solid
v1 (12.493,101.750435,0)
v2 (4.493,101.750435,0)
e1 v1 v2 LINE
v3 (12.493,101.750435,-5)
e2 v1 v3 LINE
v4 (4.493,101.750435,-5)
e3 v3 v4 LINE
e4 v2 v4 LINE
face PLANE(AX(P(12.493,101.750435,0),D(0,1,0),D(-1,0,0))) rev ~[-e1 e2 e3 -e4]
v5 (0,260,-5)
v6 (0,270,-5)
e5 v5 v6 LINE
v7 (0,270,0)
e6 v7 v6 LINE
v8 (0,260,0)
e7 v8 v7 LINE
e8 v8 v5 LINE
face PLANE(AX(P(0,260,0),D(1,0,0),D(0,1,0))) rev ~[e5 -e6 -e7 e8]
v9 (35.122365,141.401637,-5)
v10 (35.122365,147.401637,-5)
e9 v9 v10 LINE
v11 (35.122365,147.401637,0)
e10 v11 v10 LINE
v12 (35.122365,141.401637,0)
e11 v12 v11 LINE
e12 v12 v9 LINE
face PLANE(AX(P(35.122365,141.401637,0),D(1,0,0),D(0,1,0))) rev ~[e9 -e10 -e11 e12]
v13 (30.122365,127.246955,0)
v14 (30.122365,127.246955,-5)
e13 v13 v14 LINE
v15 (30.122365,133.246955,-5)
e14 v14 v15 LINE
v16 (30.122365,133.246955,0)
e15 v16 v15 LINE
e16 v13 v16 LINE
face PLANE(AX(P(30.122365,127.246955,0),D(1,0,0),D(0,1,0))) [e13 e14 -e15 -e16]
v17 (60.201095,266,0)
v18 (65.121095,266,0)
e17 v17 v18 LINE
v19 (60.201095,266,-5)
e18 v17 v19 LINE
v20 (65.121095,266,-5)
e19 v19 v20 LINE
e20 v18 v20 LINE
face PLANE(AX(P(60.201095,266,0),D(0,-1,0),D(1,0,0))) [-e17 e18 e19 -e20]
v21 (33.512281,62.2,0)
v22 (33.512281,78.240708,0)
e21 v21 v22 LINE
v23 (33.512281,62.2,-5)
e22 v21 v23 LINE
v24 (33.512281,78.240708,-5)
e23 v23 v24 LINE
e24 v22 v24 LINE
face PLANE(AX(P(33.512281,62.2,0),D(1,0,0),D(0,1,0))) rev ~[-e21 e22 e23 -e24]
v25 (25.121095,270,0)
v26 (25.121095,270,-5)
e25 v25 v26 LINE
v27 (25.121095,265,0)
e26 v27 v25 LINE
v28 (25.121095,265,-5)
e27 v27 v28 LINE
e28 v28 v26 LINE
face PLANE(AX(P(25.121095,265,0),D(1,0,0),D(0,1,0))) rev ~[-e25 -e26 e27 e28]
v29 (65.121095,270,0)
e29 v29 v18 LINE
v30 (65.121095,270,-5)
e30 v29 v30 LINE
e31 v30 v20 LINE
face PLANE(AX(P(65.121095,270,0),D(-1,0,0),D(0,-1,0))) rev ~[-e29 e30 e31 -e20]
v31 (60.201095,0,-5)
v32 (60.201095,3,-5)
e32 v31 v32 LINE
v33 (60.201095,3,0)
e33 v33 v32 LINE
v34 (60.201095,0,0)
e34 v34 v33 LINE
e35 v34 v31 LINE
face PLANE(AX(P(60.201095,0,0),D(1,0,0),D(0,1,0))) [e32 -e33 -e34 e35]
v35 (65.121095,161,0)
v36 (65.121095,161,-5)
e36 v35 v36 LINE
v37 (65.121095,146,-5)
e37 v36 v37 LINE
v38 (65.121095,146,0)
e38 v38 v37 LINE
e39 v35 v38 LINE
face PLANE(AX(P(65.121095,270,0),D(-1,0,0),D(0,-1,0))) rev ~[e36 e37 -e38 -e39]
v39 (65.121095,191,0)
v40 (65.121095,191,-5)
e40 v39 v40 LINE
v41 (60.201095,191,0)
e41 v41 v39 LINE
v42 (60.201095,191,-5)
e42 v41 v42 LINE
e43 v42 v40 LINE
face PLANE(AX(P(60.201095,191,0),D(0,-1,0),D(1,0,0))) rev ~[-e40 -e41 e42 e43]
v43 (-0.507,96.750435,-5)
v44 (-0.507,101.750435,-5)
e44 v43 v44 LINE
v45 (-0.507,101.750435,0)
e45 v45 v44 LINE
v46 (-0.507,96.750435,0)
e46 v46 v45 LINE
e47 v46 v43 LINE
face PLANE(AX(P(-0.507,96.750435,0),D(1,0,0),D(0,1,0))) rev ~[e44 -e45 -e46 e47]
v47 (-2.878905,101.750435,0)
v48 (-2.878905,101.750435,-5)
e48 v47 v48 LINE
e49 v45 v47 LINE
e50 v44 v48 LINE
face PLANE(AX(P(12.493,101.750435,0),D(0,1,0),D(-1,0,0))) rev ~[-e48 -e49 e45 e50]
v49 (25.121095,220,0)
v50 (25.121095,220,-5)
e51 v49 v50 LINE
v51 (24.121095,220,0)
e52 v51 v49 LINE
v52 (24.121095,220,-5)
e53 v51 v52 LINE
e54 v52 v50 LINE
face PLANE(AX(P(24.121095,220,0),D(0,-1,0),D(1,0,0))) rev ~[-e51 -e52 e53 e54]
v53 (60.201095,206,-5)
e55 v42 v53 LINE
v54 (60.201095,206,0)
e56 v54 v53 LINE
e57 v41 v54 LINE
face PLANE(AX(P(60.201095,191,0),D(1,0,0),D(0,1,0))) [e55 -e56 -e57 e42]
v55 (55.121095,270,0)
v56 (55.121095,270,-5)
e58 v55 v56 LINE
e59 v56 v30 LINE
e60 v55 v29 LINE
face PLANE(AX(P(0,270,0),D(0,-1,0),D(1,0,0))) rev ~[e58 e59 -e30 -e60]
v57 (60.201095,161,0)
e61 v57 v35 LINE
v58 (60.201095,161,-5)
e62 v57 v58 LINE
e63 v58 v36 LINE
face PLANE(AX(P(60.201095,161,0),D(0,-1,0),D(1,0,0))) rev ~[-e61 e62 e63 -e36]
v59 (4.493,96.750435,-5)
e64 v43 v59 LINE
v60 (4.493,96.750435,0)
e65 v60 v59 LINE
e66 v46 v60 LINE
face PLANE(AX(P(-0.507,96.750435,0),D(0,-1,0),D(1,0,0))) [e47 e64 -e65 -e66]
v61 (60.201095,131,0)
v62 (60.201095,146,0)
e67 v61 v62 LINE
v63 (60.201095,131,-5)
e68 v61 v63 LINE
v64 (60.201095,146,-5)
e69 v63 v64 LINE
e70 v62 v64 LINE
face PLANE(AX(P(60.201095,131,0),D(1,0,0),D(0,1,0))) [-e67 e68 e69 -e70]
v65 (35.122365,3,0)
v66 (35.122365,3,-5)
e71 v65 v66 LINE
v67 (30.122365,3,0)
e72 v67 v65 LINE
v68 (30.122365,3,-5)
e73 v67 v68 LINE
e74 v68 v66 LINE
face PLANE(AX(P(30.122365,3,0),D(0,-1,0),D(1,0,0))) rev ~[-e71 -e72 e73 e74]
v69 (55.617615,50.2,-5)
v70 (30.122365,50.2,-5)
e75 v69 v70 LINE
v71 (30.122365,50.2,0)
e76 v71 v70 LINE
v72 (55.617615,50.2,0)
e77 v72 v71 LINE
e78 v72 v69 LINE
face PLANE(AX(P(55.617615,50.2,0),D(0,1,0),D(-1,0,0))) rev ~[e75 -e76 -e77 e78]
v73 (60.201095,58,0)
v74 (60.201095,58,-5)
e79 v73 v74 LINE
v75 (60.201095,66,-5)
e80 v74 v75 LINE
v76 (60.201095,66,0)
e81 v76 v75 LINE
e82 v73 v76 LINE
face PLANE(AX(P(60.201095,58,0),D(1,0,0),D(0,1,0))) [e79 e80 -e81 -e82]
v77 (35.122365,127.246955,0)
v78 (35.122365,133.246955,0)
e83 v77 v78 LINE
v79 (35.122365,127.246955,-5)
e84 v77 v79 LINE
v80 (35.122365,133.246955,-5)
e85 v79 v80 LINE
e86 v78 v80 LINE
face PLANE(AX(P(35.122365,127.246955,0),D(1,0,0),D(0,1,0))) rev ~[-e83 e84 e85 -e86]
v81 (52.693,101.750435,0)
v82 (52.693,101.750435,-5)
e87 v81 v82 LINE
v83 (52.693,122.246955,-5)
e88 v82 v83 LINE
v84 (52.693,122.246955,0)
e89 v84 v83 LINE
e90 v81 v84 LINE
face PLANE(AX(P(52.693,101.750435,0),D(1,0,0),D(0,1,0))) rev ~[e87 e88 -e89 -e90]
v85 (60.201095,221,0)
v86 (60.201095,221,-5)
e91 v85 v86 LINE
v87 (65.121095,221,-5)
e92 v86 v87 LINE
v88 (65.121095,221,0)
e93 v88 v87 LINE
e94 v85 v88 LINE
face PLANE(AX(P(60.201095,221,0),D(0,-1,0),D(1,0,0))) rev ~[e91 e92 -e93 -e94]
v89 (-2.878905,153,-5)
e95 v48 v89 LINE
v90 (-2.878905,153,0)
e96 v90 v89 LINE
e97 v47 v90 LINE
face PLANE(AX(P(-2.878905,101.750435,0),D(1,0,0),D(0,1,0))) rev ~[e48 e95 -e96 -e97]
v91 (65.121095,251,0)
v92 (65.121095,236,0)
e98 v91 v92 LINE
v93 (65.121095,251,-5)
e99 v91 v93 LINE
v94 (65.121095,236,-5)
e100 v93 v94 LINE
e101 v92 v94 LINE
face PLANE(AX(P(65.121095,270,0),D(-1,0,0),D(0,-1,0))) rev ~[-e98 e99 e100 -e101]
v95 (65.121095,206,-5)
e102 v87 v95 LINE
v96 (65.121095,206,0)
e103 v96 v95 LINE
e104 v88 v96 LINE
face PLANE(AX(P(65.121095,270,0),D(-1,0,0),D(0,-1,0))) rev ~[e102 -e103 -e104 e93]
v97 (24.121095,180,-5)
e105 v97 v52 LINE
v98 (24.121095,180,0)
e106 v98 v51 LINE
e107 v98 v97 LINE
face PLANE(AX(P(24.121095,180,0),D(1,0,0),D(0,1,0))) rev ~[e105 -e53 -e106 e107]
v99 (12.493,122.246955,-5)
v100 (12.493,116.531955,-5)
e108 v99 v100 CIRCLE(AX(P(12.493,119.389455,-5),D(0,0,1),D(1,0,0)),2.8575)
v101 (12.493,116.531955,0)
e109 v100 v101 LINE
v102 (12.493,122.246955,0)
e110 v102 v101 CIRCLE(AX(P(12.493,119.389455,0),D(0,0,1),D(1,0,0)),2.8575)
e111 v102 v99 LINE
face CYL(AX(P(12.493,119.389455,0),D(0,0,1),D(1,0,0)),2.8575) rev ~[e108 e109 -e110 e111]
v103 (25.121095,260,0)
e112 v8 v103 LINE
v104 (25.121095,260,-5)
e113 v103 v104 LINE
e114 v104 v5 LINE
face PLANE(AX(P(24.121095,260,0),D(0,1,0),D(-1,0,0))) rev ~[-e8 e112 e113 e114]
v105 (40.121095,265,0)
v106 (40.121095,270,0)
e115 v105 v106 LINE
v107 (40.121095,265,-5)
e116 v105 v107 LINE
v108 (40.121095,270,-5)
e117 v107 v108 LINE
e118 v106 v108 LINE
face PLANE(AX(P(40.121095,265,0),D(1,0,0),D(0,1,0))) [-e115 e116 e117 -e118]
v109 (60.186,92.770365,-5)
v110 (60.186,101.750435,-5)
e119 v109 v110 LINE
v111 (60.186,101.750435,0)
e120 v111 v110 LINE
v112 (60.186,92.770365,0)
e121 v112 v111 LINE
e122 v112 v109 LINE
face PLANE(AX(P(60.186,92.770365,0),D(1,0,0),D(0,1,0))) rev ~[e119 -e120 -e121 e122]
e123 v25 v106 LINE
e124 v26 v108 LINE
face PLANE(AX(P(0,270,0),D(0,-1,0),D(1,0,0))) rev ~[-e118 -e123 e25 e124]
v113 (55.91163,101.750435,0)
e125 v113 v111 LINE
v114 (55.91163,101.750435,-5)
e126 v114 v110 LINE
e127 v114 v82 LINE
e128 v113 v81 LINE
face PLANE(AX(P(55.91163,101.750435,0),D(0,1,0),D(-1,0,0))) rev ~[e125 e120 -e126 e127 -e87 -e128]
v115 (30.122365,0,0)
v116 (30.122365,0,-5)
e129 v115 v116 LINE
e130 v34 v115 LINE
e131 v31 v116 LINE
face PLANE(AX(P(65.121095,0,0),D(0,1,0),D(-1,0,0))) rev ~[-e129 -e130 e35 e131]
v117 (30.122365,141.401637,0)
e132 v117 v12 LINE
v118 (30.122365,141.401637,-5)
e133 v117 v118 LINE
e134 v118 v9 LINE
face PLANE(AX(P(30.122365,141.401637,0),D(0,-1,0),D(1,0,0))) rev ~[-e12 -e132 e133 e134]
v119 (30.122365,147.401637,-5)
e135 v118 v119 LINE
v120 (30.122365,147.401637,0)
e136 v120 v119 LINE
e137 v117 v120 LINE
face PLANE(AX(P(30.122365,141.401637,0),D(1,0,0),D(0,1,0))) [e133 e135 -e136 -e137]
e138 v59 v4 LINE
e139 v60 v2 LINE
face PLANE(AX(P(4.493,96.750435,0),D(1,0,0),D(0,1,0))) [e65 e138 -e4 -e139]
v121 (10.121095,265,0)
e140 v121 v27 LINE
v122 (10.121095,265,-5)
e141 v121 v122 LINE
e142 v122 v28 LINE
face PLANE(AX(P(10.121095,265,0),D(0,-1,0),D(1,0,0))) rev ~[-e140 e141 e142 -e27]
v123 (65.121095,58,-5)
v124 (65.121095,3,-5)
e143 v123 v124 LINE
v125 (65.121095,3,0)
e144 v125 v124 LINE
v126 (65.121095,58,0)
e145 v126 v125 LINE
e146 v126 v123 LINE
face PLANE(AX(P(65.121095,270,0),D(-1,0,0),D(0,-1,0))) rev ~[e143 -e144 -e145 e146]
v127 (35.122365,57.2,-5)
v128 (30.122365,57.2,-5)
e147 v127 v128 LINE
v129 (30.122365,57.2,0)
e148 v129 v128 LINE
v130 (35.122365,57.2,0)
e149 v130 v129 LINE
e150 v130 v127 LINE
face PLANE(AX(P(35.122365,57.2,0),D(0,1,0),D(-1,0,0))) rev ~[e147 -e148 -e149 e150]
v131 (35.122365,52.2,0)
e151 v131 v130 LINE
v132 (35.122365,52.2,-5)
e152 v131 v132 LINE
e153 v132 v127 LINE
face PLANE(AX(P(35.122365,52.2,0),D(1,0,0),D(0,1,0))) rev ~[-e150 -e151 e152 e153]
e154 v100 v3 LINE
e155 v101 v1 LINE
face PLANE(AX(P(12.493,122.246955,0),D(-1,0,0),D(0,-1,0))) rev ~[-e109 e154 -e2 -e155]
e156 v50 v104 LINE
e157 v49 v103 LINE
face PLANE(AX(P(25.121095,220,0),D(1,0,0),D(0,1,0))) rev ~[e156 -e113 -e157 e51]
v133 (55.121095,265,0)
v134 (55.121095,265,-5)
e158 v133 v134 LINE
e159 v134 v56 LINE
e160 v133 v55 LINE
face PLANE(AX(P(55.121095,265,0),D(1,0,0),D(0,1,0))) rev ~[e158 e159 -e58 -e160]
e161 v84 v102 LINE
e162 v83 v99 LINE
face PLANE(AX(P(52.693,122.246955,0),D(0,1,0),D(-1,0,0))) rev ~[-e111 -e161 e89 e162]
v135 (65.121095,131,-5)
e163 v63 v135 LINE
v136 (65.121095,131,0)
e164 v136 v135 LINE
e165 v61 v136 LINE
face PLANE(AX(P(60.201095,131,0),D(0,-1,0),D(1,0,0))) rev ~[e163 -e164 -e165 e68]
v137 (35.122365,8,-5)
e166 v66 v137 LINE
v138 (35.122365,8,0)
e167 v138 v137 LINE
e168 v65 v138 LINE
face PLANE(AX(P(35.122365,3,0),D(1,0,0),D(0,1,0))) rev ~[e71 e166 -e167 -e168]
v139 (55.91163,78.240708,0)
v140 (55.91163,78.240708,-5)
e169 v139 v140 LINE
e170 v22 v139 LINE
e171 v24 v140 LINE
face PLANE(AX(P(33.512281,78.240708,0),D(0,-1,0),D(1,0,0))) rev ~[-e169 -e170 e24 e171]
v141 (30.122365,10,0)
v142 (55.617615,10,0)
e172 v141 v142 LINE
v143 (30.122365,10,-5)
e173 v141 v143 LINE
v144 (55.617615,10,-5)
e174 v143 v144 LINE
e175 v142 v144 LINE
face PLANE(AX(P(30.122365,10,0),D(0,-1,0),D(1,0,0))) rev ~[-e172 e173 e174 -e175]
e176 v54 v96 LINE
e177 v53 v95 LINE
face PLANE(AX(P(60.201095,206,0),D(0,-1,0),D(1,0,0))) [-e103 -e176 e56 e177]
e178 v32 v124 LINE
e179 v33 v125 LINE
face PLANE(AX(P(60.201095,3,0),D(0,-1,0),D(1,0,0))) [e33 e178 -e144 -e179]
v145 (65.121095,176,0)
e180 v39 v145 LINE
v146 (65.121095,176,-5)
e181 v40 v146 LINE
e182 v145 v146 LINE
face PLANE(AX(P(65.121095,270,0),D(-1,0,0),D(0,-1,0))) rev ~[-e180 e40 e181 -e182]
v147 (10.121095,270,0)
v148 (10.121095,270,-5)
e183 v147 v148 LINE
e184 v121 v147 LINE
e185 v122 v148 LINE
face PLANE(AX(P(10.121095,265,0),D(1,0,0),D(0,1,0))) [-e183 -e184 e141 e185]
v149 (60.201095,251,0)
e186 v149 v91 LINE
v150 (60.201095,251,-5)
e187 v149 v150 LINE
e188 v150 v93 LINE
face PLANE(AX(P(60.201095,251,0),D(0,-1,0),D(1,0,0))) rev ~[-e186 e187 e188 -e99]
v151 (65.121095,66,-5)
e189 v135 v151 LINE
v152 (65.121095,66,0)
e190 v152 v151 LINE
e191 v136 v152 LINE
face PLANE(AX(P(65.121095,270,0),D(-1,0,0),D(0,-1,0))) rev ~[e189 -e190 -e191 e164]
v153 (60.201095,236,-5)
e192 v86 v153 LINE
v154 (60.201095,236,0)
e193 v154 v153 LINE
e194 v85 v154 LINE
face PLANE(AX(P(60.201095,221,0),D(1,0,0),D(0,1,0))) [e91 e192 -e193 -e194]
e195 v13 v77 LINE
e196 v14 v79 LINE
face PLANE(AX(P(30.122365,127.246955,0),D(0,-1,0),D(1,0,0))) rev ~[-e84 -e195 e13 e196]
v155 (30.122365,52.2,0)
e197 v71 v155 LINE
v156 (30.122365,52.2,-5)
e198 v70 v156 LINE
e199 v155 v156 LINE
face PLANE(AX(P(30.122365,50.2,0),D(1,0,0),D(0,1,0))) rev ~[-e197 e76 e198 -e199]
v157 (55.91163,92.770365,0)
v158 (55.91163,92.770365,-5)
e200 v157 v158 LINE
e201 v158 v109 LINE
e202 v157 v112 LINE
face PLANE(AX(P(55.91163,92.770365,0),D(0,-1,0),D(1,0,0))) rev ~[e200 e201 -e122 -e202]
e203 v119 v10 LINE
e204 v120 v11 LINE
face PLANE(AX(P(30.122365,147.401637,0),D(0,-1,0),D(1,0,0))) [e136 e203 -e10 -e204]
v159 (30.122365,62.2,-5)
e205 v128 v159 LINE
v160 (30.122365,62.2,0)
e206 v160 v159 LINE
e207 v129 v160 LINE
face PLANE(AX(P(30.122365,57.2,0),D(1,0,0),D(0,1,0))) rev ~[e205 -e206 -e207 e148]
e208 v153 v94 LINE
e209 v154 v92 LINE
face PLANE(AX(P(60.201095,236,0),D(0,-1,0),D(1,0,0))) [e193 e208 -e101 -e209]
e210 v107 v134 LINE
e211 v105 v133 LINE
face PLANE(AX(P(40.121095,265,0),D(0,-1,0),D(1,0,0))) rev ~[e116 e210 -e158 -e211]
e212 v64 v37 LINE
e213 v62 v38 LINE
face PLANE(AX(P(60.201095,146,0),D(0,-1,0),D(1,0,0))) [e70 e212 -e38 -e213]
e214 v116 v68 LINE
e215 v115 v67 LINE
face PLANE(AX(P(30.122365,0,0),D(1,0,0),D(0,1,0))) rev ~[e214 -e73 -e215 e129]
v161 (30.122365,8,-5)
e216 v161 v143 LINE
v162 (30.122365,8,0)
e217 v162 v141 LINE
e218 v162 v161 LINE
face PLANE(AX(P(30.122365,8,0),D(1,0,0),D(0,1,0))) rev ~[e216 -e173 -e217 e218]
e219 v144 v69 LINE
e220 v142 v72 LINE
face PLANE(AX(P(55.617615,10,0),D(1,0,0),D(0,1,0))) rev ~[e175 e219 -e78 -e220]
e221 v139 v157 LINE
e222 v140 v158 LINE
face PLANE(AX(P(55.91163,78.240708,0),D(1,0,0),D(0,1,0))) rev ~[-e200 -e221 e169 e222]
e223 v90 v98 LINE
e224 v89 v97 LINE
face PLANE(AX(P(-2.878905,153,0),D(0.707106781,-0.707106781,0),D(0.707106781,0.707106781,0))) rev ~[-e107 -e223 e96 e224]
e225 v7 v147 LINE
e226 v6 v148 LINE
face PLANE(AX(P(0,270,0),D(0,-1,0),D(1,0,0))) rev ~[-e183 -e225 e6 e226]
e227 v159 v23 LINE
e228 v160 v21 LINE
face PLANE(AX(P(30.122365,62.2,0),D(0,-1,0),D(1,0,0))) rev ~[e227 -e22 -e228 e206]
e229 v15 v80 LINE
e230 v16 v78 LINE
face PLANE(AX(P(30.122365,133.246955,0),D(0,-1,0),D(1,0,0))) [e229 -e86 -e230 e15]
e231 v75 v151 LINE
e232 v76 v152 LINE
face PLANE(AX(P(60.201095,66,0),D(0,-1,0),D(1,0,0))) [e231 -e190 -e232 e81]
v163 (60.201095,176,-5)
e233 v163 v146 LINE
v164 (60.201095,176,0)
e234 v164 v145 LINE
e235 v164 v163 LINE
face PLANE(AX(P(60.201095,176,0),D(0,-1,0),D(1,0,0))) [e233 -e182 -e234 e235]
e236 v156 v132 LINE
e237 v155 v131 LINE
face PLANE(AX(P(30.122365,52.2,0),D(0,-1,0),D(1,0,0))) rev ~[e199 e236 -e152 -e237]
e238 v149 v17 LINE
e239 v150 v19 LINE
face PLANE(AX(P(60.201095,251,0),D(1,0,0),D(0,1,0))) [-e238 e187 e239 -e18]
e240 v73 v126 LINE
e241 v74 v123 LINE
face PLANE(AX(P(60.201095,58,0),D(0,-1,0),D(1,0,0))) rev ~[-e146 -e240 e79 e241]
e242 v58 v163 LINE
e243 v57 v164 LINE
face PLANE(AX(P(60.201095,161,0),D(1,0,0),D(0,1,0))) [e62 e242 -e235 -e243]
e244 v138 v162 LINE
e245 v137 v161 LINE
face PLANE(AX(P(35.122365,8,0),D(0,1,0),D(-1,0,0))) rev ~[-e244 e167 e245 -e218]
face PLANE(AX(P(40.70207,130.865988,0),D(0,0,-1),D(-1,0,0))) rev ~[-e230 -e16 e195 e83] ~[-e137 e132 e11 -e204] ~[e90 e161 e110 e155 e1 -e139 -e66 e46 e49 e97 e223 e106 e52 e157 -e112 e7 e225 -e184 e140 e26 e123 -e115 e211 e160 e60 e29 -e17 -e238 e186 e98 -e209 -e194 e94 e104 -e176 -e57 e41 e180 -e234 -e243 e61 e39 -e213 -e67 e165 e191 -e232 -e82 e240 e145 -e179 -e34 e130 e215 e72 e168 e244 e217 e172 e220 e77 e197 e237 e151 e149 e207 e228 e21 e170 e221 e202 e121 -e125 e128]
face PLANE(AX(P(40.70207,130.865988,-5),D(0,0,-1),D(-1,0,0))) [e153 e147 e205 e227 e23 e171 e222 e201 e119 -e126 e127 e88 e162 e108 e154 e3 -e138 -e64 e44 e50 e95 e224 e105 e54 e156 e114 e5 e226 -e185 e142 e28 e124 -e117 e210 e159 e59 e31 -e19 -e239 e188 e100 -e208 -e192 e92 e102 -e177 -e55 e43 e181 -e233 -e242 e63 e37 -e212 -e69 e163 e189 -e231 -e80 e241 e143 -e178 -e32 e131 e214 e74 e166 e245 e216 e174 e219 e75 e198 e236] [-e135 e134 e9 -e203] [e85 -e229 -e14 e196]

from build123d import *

# Parameters (mm, degrees)
BOSS_EXTRU_1_DEPTH      = 5
ESQUISSE2_R             = 2.8575
ESQUISSE2_W             = 5
ESQUISSE2_H             = 6
ESQUISSE2_W_2           = 4.274370263
ESQUISSE2_H_2           = 8.980069935
ESQUISSE2_W_3           = 4.92
ESQUISSE2_H_3           = 3
ESQUISSE2_H_4           = 8
ESQUISSE2_H_5           = 15
ESQUISSE2_W_4           = 15
ESQUISSE2_H_6           = 5
ESQUISSE2_W_5           = 1
ESQUISSE2_H_7           = 40
ENL_V_MAT_EXTRU_1_DEPTH = 5
ESQUISSE3_W             = 5
ESQUISSE3_H             = 5
BOSS_EXTRU_2_DEPTH      = 5


with BuildPart() as part:
    # Esquisse1 → Boss.-Extru.1 (new body)
    with BuildSketch(Plane.XY):
        Polygon((65.121094869, 0), (30.122364869, 0), (30.122364869, 3), (35.122364869, 3), (35.122364869, 8), (30.122364869, 8), (30.122364869, 10), (55.617614869, 10), (55.617614869, 50.2), (30.122364869, 50.2), (30.122364869, 52.2), (35.122364869, 52.2), (35.122364869, 57.2), (30.122364869, 57.2), (30.122364869, 62.2), (33.512280837, 62.2), (33.512280837, 78.240708175), (55.911629737, 78.240708175), (55.911629737, 101.750434868), (52.693, 101.750434868), (52.693, 122.246954868), (12.493, 122.246954868), (12.493, 101.750434868), (-2.878905131, 101.750434868), (-2.878905131, 153), (24.121094869, 180), (24.121094869, 260), (0, 260), (0, 270), (65.121094869, 270), align=None)
    extrude(amount=-BOSS_EXTRU_1_DEPTH)

    # Esquisse2 → Enlèv. mat.-Extru.1 (cut)
    with BuildSketch(Plane.XY):
        with Locations((12.493, 119.389454868)):
            Circle(ESQUISSE2_R)
        with Locations((32.622364869, 144.401636706)):
            Rectangle(ESQUISSE2_W, ESQUISSE2_H)
        with Locations((32.622364869, 130.246954868)):
            Rectangle(ESQUISSE2_W, ESQUISSE2_H)
        with Locations((58.048814869, 97.260399901)):
            Rectangle(ESQUISSE2_W_2, ESQUISSE2_H_2)
        with Locations((62.661094869, 1.5)):
            Rectangle(ESQUISSE2_W_3, ESQUISSE2_H_3)
        with Locations((62.661094869, 62)):
            Rectangle(ESQUISSE2_W_3, ESQUISSE2_H_4)
        with Locations((62.661094869, 168.5)):
            Rectangle(ESQUISSE2_W_3, ESQUISSE2_H_5)
        with Locations((62.661094869, 138.5)):
            Rectangle(ESQUISSE2_W_3, ESQUISSE2_H_5)
        with Locations((62.661094869, 198.5)):
            Rectangle(ESQUISSE2_W_3, ESQUISSE2_H_5)
        with Locations((62.661094869, 228.5)):
            Rectangle(ESQUISSE2_W_3, ESQUISSE2_H_5)
        with Locations((62.661094869, 258.5)):
            Rectangle(ESQUISSE2_W_3, ESQUISSE2_H_5)
        with Locations((47.621094869, 267.5)):
            Rectangle(ESQUISSE2_W_4, ESQUISSE2_H_6)
        with Locations((17.621094869, 267.5)):
            Rectangle(ESQUISSE2_W_4, ESQUISSE2_H_6)
        with Locations((24.621094869, 240)):
            Rectangle(ESQUISSE2_W_5, ESQUISSE2_H_7)
    extrude(amount=-ENL_V_MAT_EXTRU_1_DEPTH, mode=Mode.SUBTRACT)

    # Esquisse3 → Boss.-Extru.2 (add)
    with BuildSketch(Plane.XY):
        with Locations((1.993, 99.250434868)):
            Rectangle(ESQUISSE3_W, ESQUISSE3_H)
    extrude(amount=-BOSS_EXTRU_2_DEPTH)


solid = part.part
